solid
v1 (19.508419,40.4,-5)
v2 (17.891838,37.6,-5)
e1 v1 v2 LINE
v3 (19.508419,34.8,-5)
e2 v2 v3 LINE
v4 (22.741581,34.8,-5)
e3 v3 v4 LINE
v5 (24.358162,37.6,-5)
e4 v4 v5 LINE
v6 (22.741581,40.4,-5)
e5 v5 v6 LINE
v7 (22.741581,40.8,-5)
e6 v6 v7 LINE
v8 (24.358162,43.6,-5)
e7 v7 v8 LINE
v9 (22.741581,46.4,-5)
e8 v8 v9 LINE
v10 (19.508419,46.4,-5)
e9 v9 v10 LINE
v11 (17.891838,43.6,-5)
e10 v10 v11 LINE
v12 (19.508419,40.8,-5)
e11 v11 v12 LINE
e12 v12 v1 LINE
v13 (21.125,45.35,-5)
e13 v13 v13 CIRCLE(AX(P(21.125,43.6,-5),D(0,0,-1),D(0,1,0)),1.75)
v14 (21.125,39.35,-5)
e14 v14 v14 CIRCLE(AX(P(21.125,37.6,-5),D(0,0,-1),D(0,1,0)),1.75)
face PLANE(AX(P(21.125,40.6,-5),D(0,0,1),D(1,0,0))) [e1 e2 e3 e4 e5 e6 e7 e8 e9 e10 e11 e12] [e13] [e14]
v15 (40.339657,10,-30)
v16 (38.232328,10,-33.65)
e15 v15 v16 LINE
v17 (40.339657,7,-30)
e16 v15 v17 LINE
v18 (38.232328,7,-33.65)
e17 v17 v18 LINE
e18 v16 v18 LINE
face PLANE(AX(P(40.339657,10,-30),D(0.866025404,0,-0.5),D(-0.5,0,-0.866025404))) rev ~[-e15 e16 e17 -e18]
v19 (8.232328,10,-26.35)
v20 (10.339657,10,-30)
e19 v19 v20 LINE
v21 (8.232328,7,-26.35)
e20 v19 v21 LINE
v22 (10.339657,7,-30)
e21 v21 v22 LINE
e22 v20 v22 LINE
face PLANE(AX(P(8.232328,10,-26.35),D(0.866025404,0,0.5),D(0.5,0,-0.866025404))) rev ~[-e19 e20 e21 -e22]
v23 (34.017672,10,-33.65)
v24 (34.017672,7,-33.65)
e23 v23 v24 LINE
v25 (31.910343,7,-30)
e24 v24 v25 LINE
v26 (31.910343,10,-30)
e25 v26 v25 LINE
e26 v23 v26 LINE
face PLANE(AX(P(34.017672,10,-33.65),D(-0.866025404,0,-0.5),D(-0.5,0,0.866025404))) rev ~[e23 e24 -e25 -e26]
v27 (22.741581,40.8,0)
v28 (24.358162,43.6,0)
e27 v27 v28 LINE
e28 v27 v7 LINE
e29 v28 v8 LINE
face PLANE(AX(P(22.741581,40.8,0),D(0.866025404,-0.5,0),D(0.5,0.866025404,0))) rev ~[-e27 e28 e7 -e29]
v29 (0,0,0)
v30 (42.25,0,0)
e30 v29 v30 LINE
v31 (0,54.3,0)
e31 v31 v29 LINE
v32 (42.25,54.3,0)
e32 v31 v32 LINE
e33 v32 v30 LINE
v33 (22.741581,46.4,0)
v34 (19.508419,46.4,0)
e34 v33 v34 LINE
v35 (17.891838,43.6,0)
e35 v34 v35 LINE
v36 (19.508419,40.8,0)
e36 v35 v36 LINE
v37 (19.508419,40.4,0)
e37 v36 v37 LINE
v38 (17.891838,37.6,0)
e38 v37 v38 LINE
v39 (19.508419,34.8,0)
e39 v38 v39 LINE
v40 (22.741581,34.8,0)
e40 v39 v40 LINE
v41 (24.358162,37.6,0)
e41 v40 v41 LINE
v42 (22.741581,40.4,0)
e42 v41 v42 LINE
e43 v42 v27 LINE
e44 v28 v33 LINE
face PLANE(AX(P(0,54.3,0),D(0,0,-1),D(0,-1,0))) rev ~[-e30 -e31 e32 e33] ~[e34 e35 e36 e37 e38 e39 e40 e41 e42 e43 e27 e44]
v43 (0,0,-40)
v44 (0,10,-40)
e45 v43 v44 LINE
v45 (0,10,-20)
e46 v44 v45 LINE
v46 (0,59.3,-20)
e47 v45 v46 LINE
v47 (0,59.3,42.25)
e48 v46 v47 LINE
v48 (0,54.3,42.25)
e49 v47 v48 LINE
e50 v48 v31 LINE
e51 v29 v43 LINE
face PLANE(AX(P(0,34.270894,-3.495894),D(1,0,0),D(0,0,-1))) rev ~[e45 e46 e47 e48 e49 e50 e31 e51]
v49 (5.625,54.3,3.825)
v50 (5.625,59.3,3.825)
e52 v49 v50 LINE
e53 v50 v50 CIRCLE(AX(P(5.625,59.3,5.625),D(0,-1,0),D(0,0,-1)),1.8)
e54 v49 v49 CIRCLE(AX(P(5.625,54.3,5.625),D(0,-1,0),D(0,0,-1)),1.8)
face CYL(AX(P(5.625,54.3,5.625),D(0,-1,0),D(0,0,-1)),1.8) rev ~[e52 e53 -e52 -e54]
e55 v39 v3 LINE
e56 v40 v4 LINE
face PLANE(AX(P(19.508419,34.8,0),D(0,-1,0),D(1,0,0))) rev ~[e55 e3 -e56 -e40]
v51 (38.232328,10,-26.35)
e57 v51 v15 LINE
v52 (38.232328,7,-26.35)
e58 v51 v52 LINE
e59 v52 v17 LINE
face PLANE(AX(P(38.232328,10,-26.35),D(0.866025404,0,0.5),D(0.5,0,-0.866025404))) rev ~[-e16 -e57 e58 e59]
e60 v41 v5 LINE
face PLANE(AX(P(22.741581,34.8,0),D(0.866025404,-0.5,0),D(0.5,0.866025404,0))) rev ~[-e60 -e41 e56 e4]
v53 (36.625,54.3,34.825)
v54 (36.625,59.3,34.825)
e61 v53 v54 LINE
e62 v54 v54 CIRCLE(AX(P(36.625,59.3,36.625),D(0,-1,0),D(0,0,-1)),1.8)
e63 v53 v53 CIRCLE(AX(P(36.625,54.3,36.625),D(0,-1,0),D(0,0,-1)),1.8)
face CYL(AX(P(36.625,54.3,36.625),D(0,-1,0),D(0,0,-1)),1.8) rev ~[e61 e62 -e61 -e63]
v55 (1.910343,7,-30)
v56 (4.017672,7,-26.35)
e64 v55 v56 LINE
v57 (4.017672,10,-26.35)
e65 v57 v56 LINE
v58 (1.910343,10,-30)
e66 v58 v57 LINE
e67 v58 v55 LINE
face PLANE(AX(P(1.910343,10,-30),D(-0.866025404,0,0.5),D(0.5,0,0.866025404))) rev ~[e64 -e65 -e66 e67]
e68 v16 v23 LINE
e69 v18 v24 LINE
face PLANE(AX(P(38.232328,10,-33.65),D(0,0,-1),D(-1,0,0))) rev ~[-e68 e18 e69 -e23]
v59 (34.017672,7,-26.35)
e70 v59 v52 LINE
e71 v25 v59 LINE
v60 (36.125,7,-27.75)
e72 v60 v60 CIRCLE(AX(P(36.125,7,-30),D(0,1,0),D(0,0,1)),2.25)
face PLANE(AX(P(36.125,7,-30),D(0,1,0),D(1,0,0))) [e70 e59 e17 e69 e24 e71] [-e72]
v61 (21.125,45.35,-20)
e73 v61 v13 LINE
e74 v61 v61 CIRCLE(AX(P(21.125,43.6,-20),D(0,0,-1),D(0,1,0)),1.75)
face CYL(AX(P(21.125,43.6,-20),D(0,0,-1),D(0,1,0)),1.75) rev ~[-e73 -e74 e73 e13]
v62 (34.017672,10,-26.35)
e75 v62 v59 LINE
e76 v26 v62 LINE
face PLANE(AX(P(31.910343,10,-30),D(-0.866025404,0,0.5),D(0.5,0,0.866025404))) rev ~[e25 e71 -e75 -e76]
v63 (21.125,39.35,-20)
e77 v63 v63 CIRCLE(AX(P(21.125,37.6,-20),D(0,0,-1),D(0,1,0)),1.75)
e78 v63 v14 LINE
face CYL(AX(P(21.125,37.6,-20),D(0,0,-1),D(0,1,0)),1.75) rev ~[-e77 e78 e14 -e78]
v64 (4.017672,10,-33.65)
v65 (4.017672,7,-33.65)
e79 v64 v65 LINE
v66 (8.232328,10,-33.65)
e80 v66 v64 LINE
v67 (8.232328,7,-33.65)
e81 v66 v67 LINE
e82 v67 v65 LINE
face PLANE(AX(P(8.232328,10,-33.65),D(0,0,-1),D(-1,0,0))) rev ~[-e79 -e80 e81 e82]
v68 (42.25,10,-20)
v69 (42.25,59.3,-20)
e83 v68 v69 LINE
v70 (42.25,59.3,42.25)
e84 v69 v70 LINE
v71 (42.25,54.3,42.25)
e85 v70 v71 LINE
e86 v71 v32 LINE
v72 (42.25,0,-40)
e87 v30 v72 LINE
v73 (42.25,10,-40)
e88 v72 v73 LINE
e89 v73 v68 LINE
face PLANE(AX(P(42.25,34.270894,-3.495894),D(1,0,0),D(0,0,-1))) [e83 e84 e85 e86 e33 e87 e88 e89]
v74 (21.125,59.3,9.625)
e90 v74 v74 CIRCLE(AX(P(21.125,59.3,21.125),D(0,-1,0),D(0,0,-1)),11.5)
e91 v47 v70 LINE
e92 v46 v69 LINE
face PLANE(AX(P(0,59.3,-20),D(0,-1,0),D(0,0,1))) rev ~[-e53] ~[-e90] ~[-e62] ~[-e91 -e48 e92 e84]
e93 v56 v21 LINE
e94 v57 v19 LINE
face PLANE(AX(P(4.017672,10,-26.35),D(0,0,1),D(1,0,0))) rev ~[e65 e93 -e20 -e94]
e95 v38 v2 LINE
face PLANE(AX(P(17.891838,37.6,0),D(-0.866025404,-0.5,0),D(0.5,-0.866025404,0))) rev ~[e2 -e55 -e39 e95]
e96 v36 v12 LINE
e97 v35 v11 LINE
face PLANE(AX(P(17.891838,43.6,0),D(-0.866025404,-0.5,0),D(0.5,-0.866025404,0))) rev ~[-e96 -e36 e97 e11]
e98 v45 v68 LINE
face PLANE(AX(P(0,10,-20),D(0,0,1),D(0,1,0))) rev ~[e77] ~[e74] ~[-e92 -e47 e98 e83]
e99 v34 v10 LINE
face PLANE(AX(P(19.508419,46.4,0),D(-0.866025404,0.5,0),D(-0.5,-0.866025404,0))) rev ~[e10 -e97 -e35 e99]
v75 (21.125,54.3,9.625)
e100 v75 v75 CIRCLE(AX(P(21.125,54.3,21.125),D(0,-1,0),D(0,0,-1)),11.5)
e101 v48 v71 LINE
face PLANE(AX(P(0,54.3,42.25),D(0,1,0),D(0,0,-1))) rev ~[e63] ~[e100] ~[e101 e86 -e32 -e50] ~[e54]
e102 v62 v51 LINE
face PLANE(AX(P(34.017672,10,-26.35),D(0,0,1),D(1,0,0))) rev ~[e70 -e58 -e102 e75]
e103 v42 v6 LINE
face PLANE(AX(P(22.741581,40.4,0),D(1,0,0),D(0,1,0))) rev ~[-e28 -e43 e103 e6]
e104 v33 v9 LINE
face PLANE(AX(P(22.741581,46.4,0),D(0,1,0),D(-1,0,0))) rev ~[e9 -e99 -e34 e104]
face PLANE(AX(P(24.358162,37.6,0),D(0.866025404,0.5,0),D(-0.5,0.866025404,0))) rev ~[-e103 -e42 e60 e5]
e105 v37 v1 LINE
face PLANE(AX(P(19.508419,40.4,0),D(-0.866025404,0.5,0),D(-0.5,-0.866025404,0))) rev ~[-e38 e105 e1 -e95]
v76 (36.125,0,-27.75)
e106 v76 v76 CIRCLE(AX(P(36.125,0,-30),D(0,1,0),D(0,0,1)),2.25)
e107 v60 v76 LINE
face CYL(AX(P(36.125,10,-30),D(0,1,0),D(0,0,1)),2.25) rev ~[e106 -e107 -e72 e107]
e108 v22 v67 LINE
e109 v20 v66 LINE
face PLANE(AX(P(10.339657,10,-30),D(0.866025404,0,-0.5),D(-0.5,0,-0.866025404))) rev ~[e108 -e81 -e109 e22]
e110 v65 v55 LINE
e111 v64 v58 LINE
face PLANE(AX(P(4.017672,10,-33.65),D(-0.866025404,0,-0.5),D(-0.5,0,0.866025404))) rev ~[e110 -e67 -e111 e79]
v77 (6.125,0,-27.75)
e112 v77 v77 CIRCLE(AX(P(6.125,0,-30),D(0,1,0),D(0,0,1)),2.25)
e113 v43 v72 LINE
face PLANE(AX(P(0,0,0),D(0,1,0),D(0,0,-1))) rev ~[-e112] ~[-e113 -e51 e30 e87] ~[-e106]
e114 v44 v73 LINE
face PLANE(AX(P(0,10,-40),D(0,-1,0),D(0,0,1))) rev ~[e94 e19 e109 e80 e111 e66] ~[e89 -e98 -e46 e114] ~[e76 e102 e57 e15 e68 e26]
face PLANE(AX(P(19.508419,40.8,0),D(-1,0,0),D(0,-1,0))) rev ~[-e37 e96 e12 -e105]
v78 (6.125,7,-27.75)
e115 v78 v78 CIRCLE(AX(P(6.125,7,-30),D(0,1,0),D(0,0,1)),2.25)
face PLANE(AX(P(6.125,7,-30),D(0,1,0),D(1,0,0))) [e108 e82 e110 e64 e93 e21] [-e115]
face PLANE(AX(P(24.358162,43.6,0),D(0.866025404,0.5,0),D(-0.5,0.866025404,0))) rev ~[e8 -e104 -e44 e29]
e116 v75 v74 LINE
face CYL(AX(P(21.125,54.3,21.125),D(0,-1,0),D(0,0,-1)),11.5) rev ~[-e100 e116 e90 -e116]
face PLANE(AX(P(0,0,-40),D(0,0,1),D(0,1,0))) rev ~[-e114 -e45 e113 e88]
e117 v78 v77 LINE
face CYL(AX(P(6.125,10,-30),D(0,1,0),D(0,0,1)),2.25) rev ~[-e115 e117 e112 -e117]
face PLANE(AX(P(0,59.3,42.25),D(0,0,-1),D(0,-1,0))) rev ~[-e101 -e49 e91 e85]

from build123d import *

# Parameters (mm, degrees)
BOSS_EXTRUDE1_DEPTH = 42.25
SKETCH3_R           = 2.25
CUT_EXTRUDE1_DEPTH  = 78.46363663
SKETCH4_R           = 11.5
SKETCH4_R_2         = 1.8
CUT_EXTRUDE2_DEPTH  = 81.737940276
SKETCH5_R           = 1.75
CUT_EXTRUDE3_DEPTH  = 96.794650164
CUT_EXTRUDE4_DEPTH  = 5
CUT_EXTRUDE5_DEPTH  = 3


with BuildPart() as part:
    # Sketch1 → Boss-Extrude1 (new body)
    with BuildSketch(Plane(origin=(0, 0, 0), x_dir=(0, 0, -1), z_dir=(1, 0, 0))):
        Polygon((0, 0), (40, 0), (40, 10), (20, 10), (20, 59.3), (-42.25, 59.3), (-42.25, 54.3), (0, 54.3), align=None)
    extrude(amount=BOSS_EXTRUDE1_DEPTH)

    # Sketch3 → Cut-Extrude1 (cut, through all)
    with BuildSketch(Plane(origin=(0, 10, 0), x_dir=(1, 0, 0), z_dir=(0, 1, 0))):
        with Locations(Location((6.125, 30, 0), (0, 0, 270))):
            Circle(SKETCH3_R)
        with Locations(Location((36.125, 30, 0), (0, 0, 270))):
            Circle(SKETCH3_R)
    extrude(amount=-CUT_EXTRUDE1_DEPTH, mode=Mode.SUBTRACT)

    # Sketch4 → Cut-Extrude2 (cut, through all)
    with BuildSketch(Plane.XZ.offset(-54.3)):
        with Locations(Location((21.125, 21.125, 0), (0, 0, 270))):
            Circle(SKETCH4_R)
        with Locations(Location((5.625, 5.625, 0), (0, 0, 270))):
            Circle(SKETCH4_R_2)
        with Locations(Location((36.625, 36.625, 0), (0, 0, 270))):
            Circle(SKETCH4_R_2)
    extrude(amount=-CUT_EXTRUDE2_DEPTH, mode=Mode.SUBTRACT)

    # Sketch5 → Cut-Extrude3 (cut, through all)
    with BuildSketch(Plane(origin=(0, 0, -20), x_dir=(-1, 0, 0), z_dir=(0, 0, -1))):
        with Locations(Location((-21.125, 43.6, 0), (0, 0, 90))):
            Circle(SKETCH5_R)
        with Locations(Location((-21.125, 37.6, 0), (0, 0, 90))):
            Circle(SKETCH5_R)
    extrude(amount=-CUT_EXTRUDE3_DEPTH, mode=Mode.SUBTRACT)

    # Sketch6 → Cut-Extrude4 (cut)
    with BuildSketch(Plane.XY):
        Polygon((19.508419246, 40.8), (19.508419246, 40.4), (17.891838493, 37.6), (19.508419246, 34.8), (22.741580754, 34.8), (24.358161507, 37.6), (22.741580754, 40.4), (22.741580754, 40.8), (24.358161507, 43.6), (22.741580754, 46.4), (19.508419246, 46.4), (17.891838493, 43.6), align=None)
    extrude(amount=-CUT_EXTRUDE4_DEPTH, mode=Mode.SUBTRACT)

    # Sketch7 → Cut-Extrude5 (cut)
    with BuildSketch(Plane(origin=(0, 10, 0), x_dir=(1, 0, 0), z_dir=(0, 1, 0))):
        Polygon((10.339656965, 30), (8.232328483, 33.65), (4.017671517, 33.65), (1.910343035, 30), (4.017671517, 26.35), (8.232328483, 26.35), align=None)
        Polygon((40.339656965, 30), (38.232328483, 33.65), (34.017671517, 33.65), (31.910343035, 30), (34.017671517, 26.35), (38.232328483, 26.35), align=None)
    extrude(amount=-CUT_EXTRUDE5_DEPTH, mode=Mode.SUBTRACT)


solid = part.part
